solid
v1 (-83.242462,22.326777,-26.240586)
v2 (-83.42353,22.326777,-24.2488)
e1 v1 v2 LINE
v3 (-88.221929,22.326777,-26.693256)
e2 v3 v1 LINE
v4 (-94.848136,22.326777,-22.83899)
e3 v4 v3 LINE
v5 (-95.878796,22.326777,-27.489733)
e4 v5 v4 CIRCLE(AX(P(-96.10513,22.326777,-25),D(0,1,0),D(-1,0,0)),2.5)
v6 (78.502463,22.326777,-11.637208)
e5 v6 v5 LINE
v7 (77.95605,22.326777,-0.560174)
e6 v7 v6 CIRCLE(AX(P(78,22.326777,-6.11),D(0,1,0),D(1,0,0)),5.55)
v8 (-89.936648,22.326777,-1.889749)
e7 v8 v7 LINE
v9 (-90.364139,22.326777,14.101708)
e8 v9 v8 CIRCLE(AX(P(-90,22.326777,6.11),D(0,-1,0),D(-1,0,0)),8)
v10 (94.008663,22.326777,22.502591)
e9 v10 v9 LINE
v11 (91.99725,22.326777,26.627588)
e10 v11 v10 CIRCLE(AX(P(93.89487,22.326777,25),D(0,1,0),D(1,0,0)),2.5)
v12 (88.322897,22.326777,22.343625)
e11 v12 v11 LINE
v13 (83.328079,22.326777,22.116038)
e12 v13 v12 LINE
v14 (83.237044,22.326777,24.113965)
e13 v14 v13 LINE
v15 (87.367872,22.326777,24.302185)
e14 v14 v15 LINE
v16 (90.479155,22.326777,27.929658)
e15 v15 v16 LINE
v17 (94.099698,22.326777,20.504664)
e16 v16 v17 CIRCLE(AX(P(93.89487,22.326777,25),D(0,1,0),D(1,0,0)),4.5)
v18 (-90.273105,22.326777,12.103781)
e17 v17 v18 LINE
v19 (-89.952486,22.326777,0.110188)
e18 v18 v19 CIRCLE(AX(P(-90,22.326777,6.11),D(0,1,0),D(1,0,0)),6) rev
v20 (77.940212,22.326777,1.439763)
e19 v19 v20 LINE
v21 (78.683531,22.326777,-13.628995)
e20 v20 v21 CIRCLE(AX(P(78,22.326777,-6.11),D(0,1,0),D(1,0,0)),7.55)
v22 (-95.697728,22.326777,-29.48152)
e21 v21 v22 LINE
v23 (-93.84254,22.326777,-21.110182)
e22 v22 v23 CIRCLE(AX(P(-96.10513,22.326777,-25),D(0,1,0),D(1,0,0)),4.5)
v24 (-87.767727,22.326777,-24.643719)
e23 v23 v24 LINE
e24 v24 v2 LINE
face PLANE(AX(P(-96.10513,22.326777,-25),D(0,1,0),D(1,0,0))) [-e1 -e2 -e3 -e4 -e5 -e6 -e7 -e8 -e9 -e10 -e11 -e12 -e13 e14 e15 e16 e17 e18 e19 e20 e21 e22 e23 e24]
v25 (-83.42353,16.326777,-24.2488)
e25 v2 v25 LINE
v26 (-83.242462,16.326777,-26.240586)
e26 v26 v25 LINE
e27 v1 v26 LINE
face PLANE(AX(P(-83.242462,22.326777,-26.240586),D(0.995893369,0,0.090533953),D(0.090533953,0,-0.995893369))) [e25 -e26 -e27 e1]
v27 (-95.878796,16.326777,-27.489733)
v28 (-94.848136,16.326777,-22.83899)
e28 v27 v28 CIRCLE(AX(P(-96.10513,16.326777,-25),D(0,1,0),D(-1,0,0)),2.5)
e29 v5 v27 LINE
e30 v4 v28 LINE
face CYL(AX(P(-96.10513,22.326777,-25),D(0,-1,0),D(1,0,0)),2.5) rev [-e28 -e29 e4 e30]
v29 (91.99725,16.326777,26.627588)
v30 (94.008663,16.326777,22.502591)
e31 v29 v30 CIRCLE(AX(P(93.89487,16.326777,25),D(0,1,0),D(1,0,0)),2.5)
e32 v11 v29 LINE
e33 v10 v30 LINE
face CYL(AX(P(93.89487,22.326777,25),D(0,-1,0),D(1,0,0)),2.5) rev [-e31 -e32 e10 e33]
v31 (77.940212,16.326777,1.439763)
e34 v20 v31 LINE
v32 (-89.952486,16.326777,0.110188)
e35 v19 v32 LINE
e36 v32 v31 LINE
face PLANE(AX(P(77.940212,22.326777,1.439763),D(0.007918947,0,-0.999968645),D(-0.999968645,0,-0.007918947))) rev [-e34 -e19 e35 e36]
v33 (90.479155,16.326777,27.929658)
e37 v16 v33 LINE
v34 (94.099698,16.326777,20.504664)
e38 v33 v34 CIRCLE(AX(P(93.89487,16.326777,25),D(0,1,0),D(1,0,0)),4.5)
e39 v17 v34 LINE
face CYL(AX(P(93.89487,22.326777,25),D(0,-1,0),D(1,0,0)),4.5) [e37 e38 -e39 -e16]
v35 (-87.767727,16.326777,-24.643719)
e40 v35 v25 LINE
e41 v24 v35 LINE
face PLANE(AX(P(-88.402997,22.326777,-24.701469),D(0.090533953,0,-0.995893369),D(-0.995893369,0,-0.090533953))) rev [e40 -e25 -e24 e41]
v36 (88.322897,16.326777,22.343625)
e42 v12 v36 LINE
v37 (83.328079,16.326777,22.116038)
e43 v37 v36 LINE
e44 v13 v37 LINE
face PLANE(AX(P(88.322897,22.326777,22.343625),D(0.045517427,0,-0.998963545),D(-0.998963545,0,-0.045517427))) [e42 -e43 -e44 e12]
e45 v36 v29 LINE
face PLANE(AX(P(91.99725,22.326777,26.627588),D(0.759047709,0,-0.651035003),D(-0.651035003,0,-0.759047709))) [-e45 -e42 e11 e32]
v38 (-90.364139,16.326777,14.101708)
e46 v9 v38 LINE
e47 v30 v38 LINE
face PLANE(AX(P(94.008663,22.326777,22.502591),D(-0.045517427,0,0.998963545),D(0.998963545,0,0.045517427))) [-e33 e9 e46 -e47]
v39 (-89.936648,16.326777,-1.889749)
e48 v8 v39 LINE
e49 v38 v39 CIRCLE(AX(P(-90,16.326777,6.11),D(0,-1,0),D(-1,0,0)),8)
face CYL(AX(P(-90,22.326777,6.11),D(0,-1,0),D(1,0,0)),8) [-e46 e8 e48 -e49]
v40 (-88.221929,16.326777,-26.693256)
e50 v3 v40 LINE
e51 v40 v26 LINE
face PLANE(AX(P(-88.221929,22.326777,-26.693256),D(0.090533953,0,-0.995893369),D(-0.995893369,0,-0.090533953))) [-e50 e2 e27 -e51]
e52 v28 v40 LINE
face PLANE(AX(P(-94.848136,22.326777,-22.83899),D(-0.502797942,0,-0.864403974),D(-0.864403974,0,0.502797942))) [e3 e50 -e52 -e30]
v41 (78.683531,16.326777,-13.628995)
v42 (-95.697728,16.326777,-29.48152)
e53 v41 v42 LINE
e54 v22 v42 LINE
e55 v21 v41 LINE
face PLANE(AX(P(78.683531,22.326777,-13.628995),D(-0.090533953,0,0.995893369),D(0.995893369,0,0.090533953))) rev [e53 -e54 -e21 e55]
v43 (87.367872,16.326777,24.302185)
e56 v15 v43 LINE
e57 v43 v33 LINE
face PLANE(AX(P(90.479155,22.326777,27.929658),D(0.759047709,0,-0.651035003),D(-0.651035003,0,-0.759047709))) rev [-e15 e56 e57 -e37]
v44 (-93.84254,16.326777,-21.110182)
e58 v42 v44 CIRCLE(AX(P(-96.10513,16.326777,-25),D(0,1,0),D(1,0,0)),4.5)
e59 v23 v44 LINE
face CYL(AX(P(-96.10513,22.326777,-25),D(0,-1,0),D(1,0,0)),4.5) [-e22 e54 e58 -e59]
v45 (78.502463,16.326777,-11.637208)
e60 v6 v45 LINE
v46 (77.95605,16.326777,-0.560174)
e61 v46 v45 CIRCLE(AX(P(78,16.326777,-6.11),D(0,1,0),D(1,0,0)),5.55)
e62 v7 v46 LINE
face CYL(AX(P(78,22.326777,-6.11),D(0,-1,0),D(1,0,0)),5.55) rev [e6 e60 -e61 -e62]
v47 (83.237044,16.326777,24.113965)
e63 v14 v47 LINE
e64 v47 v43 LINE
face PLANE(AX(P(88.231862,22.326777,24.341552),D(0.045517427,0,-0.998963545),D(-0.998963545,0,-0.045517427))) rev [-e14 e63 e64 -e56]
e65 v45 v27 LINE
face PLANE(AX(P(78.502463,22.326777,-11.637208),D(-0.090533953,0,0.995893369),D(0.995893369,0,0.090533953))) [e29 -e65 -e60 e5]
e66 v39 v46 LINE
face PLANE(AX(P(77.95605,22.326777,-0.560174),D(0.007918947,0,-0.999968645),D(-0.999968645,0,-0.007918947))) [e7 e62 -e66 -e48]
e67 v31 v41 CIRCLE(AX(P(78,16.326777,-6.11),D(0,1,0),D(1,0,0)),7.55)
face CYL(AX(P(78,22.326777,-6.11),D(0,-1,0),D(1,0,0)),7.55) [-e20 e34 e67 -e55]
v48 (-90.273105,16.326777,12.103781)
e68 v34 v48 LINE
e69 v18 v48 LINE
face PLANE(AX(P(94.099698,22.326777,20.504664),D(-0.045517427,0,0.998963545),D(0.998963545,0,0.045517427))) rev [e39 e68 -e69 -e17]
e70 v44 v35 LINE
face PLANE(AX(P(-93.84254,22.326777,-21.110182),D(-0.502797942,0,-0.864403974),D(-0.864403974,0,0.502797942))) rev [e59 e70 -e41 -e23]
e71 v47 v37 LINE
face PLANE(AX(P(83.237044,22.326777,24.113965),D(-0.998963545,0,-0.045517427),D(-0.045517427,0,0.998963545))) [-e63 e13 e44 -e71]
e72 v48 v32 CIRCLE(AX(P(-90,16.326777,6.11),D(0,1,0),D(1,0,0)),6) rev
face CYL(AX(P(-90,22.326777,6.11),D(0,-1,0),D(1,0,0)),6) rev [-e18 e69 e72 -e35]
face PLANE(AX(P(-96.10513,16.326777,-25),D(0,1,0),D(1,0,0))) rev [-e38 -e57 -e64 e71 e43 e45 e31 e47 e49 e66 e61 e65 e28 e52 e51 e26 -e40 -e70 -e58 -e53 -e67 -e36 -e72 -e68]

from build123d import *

# Parameters (mm, degrees)
EXTRUDE_THIN1_DEPTH = 3


with BuildPart() as part:
    # Sketch2 → Extrude-Thin1 (new, symmetric)
    with BuildSketch(Plane(origin=(0, 19.326776695, 0), x_dir=(1, 0, 0), z_dir=(0, 1, 0))):
        with BuildLine():
            Line((83.328079119, -22.116037785), (88.322896843, -22.343624921))
            Line((88.322896843, -22.343624921), (91.997250324, -26.627587507))
            ThreePointArc((91.997250324, -26.627587507), (96.141958225, -26.095715612), (94.008663166, -22.502591138))
            Line((94.008663166, -22.502591138), (-90.364139419, -14.101708358))
            ThreePointArc((-90.364139419, -14.101708358), (-97.997143033, -5.896216694), (-89.936648421, 1.889749157))
            Line((-89.936648421, 1.889749157), (77.956049842, 0.560174022))
            ThreePointArc((77.956049842, 0.560174022), (83.543259885, 5.836559245), (78.502463441, 11.6372082))
            Line((78.502463441, 11.6372082), (-95.878795519, 27.489733424))
            ThreePointArc((-95.878795519, 27.489733424), (-98.545913109, 24.45909356), (-94.848135548, 22.838990066))
            Line((-94.848135548, 22.838990066), (-88.221929105, 26.693256199))
            Line((-88.221929105, 26.693256199), (-83.242462258, 26.240586433))
            Line((-83.242462258, 26.240586433), (-83.423530164, 24.248799694))
            Line((-83.423530164, 24.248799694), (-87.767727276, 24.643718819))
            Line((-87.767727276, 24.643718819), (-93.842539664, 21.110182118))
            ThreePointArc((-93.842539664, 21.110182118), (-100.498539275, 24.026368407), (-95.697727612, 29.481520162))
            Line((-95.697727612, 29.481520162), (78.683531348, 13.628994939))
            ThreePointArc((78.683531348, 13.628994939), (85.540831015, 5.738022037), (77.940211947, -1.439763267))
            Line((77.940211947, -1.439763267), (-89.952486316, -0.110188132))
            ThreePointArc((-89.952486316, -0.110188132), (-95.997857275, -5.949662521), (-90.273104564, -12.103781269))
            Line((-90.273104564, -12.103781269), (94.099698021, -20.504664048))
            ThreePointArc((94.099698021, -20.504664048), (97.939629126, -26.972288102), (90.479154905, -27.929657512))
            Line((90.479154905, -27.929657512), (87.367872452, -24.302184627))
            Line((87.367872452, -24.302184627), (83.237044264, -24.113964874))
            Line((83.237044264, -24.113964874), (83.328079119, -22.116037785))
        make_face()
    extrude(amount=EXTRUDE_THIN1_DEPTH, both=True)


solid = part.part
